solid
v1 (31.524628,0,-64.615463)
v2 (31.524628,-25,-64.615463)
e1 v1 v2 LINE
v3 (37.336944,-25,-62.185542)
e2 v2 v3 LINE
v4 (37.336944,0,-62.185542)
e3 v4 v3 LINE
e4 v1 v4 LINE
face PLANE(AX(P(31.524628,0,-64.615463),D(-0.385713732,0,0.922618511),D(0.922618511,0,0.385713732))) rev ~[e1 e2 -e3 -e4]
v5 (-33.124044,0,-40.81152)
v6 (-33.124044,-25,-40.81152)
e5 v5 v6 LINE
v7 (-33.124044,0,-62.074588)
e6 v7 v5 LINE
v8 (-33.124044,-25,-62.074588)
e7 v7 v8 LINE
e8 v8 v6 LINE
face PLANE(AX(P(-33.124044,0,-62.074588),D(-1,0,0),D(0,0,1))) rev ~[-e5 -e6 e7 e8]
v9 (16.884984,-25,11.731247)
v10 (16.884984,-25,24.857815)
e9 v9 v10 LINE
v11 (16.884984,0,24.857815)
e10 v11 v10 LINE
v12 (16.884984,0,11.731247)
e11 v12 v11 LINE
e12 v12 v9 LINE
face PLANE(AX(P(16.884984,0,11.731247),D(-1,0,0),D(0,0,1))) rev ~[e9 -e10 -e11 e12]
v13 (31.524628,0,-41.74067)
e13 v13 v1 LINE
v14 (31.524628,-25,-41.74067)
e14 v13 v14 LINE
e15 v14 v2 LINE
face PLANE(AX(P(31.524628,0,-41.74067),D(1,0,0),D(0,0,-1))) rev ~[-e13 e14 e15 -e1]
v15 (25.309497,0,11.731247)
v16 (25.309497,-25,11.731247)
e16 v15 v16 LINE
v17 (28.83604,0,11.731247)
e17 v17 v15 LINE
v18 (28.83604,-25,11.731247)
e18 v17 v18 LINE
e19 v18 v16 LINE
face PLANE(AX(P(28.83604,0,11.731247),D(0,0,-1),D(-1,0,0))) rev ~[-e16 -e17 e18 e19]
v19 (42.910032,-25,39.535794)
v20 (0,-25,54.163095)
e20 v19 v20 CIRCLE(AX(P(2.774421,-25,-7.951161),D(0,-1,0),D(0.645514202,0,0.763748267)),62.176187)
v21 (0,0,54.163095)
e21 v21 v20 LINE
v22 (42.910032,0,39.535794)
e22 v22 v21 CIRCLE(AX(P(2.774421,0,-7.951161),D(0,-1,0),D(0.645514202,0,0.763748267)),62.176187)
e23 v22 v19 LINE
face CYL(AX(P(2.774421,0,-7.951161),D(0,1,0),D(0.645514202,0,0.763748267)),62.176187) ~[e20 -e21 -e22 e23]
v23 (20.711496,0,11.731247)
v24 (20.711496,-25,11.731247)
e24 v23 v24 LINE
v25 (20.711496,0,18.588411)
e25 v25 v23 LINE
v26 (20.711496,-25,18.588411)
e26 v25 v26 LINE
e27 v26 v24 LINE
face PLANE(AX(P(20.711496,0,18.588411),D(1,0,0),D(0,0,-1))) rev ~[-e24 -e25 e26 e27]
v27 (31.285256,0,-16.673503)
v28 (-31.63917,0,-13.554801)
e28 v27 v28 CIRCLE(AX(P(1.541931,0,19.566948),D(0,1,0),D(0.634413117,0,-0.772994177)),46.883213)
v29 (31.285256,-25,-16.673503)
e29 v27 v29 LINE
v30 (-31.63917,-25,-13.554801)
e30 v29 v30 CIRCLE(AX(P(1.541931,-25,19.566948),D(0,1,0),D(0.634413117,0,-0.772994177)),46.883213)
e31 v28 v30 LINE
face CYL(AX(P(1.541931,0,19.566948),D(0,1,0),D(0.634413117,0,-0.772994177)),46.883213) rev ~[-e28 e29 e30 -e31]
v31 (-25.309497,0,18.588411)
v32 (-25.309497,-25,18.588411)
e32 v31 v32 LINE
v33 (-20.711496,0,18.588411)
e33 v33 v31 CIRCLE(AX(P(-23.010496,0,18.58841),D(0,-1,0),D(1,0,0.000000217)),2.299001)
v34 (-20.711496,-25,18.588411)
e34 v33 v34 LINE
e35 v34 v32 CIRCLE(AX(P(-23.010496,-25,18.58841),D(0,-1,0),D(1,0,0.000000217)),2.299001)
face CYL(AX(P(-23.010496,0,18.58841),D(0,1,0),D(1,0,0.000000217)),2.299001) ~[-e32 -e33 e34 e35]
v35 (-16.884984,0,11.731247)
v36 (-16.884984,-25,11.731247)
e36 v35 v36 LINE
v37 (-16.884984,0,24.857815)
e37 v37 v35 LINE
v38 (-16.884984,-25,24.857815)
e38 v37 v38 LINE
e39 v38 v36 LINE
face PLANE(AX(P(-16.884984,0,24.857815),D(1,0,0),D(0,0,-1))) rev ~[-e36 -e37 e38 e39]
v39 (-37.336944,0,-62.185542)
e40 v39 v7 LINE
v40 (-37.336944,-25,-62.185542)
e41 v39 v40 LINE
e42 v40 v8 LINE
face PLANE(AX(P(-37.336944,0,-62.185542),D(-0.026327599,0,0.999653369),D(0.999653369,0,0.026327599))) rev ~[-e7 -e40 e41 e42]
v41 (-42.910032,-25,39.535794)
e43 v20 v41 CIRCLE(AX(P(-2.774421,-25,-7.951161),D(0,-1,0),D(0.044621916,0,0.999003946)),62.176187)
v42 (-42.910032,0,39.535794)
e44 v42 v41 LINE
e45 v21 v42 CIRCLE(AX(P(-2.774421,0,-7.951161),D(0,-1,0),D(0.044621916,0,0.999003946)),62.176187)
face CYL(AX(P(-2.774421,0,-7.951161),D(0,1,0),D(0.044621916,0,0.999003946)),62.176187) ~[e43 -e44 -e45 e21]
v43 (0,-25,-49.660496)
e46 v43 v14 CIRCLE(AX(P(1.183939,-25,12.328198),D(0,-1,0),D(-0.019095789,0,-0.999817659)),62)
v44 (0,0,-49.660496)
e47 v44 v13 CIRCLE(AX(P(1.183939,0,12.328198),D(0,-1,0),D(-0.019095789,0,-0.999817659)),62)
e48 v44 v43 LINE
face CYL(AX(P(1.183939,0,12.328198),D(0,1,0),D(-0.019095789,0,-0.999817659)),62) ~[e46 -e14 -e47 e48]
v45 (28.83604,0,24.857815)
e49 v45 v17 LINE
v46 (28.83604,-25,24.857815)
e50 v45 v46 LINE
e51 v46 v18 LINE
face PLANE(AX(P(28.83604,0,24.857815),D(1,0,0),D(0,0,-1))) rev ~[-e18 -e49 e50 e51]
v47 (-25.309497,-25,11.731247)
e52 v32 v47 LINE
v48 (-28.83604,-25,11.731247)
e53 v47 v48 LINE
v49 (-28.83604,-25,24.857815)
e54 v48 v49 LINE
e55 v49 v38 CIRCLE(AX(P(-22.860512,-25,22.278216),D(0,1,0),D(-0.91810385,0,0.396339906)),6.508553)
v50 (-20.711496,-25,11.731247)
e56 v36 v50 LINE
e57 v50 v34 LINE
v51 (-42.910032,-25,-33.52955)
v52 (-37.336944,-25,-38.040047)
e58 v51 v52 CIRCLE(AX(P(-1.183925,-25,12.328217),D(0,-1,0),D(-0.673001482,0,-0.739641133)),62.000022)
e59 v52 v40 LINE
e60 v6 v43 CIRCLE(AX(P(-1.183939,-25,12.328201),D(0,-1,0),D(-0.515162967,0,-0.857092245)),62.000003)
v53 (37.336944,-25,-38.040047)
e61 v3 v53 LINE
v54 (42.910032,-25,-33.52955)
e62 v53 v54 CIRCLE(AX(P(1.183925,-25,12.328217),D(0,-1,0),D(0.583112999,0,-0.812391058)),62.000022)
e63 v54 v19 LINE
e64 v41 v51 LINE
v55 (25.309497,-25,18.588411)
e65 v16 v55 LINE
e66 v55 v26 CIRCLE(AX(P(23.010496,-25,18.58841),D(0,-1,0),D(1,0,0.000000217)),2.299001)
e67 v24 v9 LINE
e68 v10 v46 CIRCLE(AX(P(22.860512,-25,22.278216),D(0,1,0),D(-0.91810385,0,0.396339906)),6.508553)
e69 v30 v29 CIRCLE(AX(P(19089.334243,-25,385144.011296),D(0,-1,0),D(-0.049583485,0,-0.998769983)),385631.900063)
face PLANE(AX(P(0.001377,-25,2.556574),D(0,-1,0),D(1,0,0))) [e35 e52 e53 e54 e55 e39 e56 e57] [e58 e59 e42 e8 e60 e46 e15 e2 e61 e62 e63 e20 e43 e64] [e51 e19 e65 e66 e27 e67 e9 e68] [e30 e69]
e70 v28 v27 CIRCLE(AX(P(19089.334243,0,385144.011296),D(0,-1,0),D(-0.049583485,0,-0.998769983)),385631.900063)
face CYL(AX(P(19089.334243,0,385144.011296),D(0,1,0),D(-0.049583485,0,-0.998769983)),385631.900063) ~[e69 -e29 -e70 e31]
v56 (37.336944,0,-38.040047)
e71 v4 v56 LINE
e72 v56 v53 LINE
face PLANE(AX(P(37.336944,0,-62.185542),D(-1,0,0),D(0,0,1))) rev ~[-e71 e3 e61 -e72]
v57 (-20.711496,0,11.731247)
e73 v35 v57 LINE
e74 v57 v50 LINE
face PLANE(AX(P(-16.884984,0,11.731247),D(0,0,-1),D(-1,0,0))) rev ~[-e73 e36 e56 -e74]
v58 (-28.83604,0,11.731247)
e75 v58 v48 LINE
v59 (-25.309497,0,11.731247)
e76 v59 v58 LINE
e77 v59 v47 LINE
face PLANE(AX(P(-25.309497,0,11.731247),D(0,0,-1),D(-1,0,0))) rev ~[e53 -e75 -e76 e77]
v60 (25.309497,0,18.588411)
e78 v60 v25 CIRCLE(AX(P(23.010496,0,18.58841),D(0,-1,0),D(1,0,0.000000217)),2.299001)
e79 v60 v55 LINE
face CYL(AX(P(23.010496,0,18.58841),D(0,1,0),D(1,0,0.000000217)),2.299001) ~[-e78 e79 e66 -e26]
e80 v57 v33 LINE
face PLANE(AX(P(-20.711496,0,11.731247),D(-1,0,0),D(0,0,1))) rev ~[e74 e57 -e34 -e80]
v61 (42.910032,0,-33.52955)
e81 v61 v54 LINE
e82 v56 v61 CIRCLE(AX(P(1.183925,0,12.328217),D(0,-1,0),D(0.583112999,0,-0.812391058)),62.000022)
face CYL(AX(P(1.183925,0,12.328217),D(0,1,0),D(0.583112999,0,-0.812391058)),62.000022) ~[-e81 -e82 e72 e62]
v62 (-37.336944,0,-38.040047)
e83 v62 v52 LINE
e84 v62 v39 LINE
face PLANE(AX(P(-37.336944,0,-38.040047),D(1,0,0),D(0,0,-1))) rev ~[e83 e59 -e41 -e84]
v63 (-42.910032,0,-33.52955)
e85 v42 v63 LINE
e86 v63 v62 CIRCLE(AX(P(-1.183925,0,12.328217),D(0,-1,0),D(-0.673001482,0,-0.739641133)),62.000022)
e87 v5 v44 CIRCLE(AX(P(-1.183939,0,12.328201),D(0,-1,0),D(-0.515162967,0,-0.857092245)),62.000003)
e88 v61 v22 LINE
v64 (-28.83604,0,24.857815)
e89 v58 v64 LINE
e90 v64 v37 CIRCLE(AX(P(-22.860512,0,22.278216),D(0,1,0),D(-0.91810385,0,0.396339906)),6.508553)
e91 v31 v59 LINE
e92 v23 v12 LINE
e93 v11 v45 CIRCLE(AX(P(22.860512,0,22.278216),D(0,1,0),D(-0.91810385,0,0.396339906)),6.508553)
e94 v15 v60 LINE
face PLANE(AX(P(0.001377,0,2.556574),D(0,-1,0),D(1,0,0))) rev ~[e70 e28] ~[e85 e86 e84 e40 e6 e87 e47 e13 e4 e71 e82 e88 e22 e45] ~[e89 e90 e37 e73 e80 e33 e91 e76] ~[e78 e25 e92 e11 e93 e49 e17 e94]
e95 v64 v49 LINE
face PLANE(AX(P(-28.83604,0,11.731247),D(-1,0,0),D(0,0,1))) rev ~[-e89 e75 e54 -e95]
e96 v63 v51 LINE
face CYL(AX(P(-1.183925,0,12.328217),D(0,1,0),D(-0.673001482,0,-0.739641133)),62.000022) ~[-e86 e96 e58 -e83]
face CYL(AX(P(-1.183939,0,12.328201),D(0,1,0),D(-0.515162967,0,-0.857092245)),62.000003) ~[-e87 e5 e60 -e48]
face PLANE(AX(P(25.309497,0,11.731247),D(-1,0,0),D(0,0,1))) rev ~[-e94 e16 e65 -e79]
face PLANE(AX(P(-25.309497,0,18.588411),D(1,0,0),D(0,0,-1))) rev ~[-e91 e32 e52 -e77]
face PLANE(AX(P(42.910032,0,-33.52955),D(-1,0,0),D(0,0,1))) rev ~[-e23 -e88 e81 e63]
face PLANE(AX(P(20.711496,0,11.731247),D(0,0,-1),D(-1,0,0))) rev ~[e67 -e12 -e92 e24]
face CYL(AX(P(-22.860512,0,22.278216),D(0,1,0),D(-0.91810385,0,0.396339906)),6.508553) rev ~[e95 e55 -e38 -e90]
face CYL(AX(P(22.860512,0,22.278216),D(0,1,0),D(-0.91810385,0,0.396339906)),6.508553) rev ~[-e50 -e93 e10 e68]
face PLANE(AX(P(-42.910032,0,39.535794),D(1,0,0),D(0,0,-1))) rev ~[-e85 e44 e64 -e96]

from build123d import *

# Parameters (mm, degrees)
F1_DEPTH = 25


with BuildPart() as f1:
    # F0 (on Front) → F1 (new body)
    with BuildSketch(Plane.XZ):
        with BuildLine():
            ThreePointArc((31.524628, -41.74067), (34.482234, -39.971165), (37.336944, -38.040047))
            ThreePointArc((37.336944, -38.040047), (40.188741, -35.865425), (42.910032, -33.52955))
            Line((42.910032, -33.52955), (42.910032, 39.535794))
            ThreePointArc((42.910032, 39.535794), (22.83568, 50.899702), (0, 54.163095))
            ThreePointArc((0, 54.163095), (-22.83568, 50.899702), (-42.910032, 39.535794))
            Line((-42.910032, 39.535794), (-42.910032, -33.52955))
            ThreePointArc((-42.910032, -33.52955), (-40.188741, -35.865425), (-37.336944, -38.040047))
            ThreePointArc((-37.336944, -38.040047), (-35.258682, -39.468633), (-33.124044, -40.81152))
            ThreePointArc((-33.124044, -40.81152), (-17.185862, -47.571204), (0, -49.660496))
            ThreePointArc((0, -49.660496), (16.290558, -47.803241), (31.524628, -41.74067))
        make_face()
        with BuildLine():
            ThreePointArc((31.285256, -16.673503), (-0.778877, -27.258788), (-31.63917, -13.554801))
            ThreePointArc((-31.63917, -13.554801), (-0.177021, -15.115437), (31.285256, -16.673503))
        make_face(mode=Mode.SUBTRACT)
        with BuildLine():
            Line((-25.309497, 11.731247), (-28.83604, 11.731247))
            Line((-28.83604, 11.731247), (-28.83604, 24.857815))
            ThreePointArc((-28.83604, 24.857815), (-22.860512, 28.786769), (-16.884984, 24.857815))
            Line((-16.884984, 24.857815), (-16.884984, 11.731247))
            Line((-16.884984, 11.731247), (-20.711496, 11.731247))
            Line((-20.711496, 11.731247), (-25.309497, 11.731247))
        make_face(mode=Mode.SUBTRACT)
        with BuildLine():
            Line((20.711496, 11.731247), (16.884984, 11.731247))
            Line((16.884984, 11.731247), (16.884984, 24.857815))
            ThreePointArc((16.884984, 24.857815), (22.860512, 28.786769), (28.83604, 24.857815))
            Line((28.83604, 24.857815), (28.83604, 11.731247))
            Line((28.83604, 11.731247), (25.309497, 11.731247))
            Line((25.309497, 11.731247), (20.711496, 11.731247))
        make_face(mode=Mode.SUBTRACT)
        with BuildLine():
            Line((-25.309497, 18.588411), (-25.309497, 11.731247))
            Line((-25.309497, 11.731247), (-20.711496, 11.731247))
            Line((-20.711496, 11.731247), (-20.711496, 18.588411))
            ThreePointArc((-20.711496, 18.588411), (-23.010497, 20.887411), (-25.309497, 18.588411))
        make_face()
        with BuildLine():
            Line((20.711496, 18.588411), (20.711496, 11.731247))
            Line((20.711496, 11.731247), (25.309497, 11.731247))
            Line((25.309497, 11.731247), (25.309497, 18.588411))
            ThreePointArc((25.309497, 18.588411), (23.010497, 20.887411), (20.711496, 18.588411))
        make_face()
        with BuildLine():
            Line((-33.124044, -62.074588), (-33.124044, -40.81152))
            ThreePointArc((-33.124044, -40.81152), (-35.258682, -39.468633), (-37.336944, -38.040047))
            Line((-37.336944, -38.040047), (-37.336944, -62.185542))
            Line((-37.336944, -62.185542), (-33.124044, -62.074588))
        make_face()
        with BuildLine():
            Line((31.524628, -64.615463), (37.336944, -62.185542))
            Line((37.336944, -62.185542), (37.336944, -38.040047))
            ThreePointArc((37.336944, -38.040047), (34.482234, -39.971165), (31.524628, -41.74067))
            Line((31.524628, -41.74067), (31.524628, -64.615463))
        make_face()
    extrude(amount=F1_DEPTH)


solid = f1.part
